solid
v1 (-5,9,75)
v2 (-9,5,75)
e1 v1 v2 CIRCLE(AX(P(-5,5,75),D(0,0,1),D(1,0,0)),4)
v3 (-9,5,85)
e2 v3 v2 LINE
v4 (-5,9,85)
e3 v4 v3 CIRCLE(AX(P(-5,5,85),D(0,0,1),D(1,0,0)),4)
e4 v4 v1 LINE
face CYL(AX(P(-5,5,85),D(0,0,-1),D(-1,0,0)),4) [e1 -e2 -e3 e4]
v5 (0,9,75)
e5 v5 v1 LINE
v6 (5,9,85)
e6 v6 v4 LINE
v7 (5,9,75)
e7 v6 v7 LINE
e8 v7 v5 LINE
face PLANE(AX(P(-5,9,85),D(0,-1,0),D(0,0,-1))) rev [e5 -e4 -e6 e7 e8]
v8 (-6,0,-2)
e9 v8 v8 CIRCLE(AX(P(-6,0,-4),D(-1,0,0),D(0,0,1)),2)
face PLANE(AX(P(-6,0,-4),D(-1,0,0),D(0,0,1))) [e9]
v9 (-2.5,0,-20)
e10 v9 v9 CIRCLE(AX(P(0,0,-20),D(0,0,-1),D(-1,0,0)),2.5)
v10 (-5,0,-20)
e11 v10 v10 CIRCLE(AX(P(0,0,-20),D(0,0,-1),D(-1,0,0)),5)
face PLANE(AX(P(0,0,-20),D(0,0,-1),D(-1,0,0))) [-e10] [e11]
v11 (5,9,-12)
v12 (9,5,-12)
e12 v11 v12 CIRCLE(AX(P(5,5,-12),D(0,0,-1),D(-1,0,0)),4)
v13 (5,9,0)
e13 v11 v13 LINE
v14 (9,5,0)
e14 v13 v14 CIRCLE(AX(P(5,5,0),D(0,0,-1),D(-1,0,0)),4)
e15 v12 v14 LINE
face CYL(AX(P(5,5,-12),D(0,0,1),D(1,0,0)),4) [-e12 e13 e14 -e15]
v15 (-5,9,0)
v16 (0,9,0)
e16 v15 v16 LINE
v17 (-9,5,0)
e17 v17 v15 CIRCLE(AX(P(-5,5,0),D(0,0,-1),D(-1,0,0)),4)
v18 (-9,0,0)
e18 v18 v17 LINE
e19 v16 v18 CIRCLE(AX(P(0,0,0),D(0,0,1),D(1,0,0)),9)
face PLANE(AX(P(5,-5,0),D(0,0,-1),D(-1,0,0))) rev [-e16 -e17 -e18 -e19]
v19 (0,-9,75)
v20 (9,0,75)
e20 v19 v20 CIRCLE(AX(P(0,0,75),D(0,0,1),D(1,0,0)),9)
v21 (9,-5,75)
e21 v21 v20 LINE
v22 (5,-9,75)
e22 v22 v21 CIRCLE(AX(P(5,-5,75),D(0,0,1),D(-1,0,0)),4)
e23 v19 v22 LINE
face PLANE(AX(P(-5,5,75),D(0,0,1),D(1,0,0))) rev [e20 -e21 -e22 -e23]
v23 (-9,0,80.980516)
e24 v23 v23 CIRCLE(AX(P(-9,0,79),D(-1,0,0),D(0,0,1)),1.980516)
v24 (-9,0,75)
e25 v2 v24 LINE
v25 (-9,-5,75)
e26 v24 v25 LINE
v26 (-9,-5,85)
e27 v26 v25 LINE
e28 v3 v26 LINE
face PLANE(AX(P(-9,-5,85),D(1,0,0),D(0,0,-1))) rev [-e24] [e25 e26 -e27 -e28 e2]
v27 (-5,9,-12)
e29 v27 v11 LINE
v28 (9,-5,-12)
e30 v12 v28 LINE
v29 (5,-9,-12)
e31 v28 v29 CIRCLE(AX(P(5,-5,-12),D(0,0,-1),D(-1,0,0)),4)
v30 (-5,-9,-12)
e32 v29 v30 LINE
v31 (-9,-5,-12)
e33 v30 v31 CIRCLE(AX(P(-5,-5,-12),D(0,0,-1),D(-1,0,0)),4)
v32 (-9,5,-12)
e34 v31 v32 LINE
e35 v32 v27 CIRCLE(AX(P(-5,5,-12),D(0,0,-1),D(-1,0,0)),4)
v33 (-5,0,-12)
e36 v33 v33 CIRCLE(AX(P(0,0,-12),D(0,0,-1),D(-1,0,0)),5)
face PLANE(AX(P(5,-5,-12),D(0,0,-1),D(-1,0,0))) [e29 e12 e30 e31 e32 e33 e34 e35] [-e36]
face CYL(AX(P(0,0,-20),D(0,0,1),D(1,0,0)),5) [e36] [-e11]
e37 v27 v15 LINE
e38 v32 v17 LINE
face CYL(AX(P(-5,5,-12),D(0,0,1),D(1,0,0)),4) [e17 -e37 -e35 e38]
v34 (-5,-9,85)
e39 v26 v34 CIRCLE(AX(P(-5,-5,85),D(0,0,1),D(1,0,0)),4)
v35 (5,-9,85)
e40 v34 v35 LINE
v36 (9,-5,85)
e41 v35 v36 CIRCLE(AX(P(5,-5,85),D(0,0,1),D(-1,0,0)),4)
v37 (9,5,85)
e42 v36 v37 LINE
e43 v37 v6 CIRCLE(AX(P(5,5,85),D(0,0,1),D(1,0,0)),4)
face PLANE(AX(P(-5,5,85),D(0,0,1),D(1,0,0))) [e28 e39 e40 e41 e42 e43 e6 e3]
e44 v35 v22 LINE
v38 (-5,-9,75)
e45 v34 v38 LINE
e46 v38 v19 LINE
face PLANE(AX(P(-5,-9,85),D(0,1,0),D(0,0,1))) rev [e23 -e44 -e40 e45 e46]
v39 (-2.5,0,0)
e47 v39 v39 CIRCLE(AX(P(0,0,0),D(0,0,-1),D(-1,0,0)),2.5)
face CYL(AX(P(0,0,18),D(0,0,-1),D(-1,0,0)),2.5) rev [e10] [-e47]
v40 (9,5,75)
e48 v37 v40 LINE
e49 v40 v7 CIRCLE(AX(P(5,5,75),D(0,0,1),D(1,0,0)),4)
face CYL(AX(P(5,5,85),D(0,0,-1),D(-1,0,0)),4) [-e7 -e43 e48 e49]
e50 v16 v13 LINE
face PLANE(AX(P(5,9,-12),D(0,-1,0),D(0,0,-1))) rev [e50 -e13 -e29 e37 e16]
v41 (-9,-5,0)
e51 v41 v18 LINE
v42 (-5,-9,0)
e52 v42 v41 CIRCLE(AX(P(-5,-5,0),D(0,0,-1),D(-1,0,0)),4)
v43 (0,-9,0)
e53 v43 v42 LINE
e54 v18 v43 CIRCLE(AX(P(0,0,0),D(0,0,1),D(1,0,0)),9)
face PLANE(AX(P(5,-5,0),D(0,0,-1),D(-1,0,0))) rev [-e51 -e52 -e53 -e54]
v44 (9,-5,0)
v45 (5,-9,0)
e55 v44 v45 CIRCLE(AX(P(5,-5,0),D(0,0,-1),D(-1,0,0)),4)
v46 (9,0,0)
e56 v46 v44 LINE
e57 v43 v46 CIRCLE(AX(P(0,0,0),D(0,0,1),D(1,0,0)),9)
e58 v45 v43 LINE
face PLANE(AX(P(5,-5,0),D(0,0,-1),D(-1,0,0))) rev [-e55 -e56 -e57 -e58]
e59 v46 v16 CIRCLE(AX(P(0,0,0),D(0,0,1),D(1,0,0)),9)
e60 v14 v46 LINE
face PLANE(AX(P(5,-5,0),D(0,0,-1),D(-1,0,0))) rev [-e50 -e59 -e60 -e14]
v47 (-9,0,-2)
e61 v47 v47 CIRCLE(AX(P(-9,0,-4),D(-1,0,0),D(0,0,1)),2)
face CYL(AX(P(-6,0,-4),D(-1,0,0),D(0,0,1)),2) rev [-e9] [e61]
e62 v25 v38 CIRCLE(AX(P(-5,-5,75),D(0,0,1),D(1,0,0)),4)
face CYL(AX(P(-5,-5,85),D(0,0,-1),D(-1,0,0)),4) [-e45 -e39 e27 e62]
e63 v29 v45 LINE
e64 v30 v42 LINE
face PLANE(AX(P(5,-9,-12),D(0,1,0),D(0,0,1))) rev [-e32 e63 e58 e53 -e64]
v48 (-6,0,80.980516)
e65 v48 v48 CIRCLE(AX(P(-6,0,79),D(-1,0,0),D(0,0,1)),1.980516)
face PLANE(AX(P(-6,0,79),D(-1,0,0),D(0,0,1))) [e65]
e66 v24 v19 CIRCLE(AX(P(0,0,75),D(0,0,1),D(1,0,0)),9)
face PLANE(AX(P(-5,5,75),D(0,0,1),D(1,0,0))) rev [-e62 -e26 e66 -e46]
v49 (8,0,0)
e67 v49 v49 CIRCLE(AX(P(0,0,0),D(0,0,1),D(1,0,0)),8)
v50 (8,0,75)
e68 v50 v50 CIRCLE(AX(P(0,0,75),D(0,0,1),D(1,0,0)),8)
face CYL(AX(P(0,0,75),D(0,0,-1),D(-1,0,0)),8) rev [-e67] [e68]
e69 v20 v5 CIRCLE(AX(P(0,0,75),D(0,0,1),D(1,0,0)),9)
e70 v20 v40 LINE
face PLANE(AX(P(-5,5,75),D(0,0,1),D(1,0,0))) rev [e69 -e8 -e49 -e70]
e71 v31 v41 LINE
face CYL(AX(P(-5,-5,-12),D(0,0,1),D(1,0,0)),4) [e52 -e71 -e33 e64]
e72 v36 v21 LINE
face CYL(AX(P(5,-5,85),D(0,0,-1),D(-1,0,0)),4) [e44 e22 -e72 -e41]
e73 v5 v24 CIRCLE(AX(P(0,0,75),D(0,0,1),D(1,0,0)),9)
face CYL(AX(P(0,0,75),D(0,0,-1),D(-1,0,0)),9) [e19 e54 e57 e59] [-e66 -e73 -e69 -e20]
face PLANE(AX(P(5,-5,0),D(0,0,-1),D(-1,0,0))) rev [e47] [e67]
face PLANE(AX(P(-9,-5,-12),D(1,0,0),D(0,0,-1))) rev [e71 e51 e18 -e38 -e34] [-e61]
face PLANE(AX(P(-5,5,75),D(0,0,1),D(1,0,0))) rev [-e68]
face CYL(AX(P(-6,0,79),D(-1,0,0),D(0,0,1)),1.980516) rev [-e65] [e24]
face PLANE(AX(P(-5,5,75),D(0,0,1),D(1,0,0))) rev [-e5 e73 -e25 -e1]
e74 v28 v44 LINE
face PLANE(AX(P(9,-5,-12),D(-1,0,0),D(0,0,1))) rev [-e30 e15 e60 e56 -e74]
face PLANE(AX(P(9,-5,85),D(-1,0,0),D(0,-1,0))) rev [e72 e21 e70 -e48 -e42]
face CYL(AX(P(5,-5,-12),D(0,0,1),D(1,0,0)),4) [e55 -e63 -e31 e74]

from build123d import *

# Parameters (mm, degrees)
SKETCH_1_R          = 9
SKETCH_1_R_2        = 8
EXTRUDE_1_DEPTH     = 75
EXTRUDE_2_DEPTH     = 10
EXTRUDE_START       = 12
EXTRUDE_3_DEPTH     = 12
SKETCH_4_R          = 5
EXTRUDE_4_DEPTH     = 8
SKETCH_5_R          = 2.5
CUT_EXTRUDE_1_DEPTH = 38
SKETCH_6_R          = 2
SKETCH_6_R_2        = 1.980516498
CUT_EXTRUDE_3_DEPTH = 3


with BuildPart() as part:
    # 草图1 → 凸台-拉伸1 (new body)
    with BuildSketch(Plane.XY):
        Circle(SKETCH_1_R)
        Circle(SKETCH_1_R_2, mode=Mode.SUBTRACT)
    extrude(amount=EXTRUDE_1_DEPTH)

    # 草图2 → 凸台-拉伸2 (add)
    with BuildSketch(Plane.XY.offset(75)):
        with BuildLine():
            Line((-5, -9), (5, -9))
            ThreePointArc((5, -9), (7.828427125, -7.828427125), (9, -5))
            Line((9, -5), (9, 5))
            ThreePointArc((9, 5), (7.828427125, 7.828427125), (5, 9))
            Line((5, 9), (-5, 9))
            ThreePointArc((-5, 9), (-7.828427125, 7.828427125), (-9, 5))
            Line((-9, 5), (-9, -5))
            ThreePointArc((-9, -5), (-7.828427125, -7.828427125), (-5, -9))
        make_face()
    extrude(amount=EXTRUDE_2_DEPTH)

    # 草图3 → 凸台-拉伸3 (add)
    with BuildSketch(Plane(origin=(0, 0, 0), x_dir=(-1, 0, 0), z_dir=(0, 0, -1)).offset(EXTRUDE_START)):
        with BuildLine():
            Line((-5, -9), (5, -9))
            ThreePointArc((5, -9), (7.828427125, -7.828427125), (9, -5))
            Line((9, -5), (9, 5))
            ThreePointArc((9, 5), (7.828427125, 7.828427125), (5, 9))
            Line((5, 9), (-5, 9))
            ThreePointArc((-5, 9), (-7.828427125, 7.828427125), (-9, 5))
            Line((-9, 5), (-9, -5))
            ThreePointArc((-9, -5), (-7.828427125, -7.828427125), (-5, -9))
        make_face()
    extrude(amount=-EXTRUDE_3_DEPTH)

    # 草图4 → 凸台-拉伸4 (add)
    with BuildSketch(Plane(origin=(0, 0, -12), x_dir=(-1, 0, 0), z_dir=(0, 0, -1))):
        Circle(SKETCH_4_R)
    extrude(amount=EXTRUDE_4_DEPTH)

    # 草图5 → 切除-拉伸1 (cut)
    with BuildSketch(Plane(origin=(0, 0, -20), x_dir=(-1, 0, 0), z_dir=(0, 0, -1))):
        Circle(SKETCH_5_R)
    extrude(amount=-CUT_EXTRUDE_1_DEPTH, mode=Mode.SUBTRACT)

    # 草图6 → 切除-拉伸3 (cut)
    with BuildSketch(Plane.ZY.offset(9)):
        with Locations((-4, 0)):
            Circle(SKETCH_6_R)
        with Locations((79, 0)):
            Circle(SKETCH_6_R_2)
    extrude(amount=-CUT_EXTRUDE_3_DEPTH, mode=Mode.SUBTRACT)


solid = part.part
